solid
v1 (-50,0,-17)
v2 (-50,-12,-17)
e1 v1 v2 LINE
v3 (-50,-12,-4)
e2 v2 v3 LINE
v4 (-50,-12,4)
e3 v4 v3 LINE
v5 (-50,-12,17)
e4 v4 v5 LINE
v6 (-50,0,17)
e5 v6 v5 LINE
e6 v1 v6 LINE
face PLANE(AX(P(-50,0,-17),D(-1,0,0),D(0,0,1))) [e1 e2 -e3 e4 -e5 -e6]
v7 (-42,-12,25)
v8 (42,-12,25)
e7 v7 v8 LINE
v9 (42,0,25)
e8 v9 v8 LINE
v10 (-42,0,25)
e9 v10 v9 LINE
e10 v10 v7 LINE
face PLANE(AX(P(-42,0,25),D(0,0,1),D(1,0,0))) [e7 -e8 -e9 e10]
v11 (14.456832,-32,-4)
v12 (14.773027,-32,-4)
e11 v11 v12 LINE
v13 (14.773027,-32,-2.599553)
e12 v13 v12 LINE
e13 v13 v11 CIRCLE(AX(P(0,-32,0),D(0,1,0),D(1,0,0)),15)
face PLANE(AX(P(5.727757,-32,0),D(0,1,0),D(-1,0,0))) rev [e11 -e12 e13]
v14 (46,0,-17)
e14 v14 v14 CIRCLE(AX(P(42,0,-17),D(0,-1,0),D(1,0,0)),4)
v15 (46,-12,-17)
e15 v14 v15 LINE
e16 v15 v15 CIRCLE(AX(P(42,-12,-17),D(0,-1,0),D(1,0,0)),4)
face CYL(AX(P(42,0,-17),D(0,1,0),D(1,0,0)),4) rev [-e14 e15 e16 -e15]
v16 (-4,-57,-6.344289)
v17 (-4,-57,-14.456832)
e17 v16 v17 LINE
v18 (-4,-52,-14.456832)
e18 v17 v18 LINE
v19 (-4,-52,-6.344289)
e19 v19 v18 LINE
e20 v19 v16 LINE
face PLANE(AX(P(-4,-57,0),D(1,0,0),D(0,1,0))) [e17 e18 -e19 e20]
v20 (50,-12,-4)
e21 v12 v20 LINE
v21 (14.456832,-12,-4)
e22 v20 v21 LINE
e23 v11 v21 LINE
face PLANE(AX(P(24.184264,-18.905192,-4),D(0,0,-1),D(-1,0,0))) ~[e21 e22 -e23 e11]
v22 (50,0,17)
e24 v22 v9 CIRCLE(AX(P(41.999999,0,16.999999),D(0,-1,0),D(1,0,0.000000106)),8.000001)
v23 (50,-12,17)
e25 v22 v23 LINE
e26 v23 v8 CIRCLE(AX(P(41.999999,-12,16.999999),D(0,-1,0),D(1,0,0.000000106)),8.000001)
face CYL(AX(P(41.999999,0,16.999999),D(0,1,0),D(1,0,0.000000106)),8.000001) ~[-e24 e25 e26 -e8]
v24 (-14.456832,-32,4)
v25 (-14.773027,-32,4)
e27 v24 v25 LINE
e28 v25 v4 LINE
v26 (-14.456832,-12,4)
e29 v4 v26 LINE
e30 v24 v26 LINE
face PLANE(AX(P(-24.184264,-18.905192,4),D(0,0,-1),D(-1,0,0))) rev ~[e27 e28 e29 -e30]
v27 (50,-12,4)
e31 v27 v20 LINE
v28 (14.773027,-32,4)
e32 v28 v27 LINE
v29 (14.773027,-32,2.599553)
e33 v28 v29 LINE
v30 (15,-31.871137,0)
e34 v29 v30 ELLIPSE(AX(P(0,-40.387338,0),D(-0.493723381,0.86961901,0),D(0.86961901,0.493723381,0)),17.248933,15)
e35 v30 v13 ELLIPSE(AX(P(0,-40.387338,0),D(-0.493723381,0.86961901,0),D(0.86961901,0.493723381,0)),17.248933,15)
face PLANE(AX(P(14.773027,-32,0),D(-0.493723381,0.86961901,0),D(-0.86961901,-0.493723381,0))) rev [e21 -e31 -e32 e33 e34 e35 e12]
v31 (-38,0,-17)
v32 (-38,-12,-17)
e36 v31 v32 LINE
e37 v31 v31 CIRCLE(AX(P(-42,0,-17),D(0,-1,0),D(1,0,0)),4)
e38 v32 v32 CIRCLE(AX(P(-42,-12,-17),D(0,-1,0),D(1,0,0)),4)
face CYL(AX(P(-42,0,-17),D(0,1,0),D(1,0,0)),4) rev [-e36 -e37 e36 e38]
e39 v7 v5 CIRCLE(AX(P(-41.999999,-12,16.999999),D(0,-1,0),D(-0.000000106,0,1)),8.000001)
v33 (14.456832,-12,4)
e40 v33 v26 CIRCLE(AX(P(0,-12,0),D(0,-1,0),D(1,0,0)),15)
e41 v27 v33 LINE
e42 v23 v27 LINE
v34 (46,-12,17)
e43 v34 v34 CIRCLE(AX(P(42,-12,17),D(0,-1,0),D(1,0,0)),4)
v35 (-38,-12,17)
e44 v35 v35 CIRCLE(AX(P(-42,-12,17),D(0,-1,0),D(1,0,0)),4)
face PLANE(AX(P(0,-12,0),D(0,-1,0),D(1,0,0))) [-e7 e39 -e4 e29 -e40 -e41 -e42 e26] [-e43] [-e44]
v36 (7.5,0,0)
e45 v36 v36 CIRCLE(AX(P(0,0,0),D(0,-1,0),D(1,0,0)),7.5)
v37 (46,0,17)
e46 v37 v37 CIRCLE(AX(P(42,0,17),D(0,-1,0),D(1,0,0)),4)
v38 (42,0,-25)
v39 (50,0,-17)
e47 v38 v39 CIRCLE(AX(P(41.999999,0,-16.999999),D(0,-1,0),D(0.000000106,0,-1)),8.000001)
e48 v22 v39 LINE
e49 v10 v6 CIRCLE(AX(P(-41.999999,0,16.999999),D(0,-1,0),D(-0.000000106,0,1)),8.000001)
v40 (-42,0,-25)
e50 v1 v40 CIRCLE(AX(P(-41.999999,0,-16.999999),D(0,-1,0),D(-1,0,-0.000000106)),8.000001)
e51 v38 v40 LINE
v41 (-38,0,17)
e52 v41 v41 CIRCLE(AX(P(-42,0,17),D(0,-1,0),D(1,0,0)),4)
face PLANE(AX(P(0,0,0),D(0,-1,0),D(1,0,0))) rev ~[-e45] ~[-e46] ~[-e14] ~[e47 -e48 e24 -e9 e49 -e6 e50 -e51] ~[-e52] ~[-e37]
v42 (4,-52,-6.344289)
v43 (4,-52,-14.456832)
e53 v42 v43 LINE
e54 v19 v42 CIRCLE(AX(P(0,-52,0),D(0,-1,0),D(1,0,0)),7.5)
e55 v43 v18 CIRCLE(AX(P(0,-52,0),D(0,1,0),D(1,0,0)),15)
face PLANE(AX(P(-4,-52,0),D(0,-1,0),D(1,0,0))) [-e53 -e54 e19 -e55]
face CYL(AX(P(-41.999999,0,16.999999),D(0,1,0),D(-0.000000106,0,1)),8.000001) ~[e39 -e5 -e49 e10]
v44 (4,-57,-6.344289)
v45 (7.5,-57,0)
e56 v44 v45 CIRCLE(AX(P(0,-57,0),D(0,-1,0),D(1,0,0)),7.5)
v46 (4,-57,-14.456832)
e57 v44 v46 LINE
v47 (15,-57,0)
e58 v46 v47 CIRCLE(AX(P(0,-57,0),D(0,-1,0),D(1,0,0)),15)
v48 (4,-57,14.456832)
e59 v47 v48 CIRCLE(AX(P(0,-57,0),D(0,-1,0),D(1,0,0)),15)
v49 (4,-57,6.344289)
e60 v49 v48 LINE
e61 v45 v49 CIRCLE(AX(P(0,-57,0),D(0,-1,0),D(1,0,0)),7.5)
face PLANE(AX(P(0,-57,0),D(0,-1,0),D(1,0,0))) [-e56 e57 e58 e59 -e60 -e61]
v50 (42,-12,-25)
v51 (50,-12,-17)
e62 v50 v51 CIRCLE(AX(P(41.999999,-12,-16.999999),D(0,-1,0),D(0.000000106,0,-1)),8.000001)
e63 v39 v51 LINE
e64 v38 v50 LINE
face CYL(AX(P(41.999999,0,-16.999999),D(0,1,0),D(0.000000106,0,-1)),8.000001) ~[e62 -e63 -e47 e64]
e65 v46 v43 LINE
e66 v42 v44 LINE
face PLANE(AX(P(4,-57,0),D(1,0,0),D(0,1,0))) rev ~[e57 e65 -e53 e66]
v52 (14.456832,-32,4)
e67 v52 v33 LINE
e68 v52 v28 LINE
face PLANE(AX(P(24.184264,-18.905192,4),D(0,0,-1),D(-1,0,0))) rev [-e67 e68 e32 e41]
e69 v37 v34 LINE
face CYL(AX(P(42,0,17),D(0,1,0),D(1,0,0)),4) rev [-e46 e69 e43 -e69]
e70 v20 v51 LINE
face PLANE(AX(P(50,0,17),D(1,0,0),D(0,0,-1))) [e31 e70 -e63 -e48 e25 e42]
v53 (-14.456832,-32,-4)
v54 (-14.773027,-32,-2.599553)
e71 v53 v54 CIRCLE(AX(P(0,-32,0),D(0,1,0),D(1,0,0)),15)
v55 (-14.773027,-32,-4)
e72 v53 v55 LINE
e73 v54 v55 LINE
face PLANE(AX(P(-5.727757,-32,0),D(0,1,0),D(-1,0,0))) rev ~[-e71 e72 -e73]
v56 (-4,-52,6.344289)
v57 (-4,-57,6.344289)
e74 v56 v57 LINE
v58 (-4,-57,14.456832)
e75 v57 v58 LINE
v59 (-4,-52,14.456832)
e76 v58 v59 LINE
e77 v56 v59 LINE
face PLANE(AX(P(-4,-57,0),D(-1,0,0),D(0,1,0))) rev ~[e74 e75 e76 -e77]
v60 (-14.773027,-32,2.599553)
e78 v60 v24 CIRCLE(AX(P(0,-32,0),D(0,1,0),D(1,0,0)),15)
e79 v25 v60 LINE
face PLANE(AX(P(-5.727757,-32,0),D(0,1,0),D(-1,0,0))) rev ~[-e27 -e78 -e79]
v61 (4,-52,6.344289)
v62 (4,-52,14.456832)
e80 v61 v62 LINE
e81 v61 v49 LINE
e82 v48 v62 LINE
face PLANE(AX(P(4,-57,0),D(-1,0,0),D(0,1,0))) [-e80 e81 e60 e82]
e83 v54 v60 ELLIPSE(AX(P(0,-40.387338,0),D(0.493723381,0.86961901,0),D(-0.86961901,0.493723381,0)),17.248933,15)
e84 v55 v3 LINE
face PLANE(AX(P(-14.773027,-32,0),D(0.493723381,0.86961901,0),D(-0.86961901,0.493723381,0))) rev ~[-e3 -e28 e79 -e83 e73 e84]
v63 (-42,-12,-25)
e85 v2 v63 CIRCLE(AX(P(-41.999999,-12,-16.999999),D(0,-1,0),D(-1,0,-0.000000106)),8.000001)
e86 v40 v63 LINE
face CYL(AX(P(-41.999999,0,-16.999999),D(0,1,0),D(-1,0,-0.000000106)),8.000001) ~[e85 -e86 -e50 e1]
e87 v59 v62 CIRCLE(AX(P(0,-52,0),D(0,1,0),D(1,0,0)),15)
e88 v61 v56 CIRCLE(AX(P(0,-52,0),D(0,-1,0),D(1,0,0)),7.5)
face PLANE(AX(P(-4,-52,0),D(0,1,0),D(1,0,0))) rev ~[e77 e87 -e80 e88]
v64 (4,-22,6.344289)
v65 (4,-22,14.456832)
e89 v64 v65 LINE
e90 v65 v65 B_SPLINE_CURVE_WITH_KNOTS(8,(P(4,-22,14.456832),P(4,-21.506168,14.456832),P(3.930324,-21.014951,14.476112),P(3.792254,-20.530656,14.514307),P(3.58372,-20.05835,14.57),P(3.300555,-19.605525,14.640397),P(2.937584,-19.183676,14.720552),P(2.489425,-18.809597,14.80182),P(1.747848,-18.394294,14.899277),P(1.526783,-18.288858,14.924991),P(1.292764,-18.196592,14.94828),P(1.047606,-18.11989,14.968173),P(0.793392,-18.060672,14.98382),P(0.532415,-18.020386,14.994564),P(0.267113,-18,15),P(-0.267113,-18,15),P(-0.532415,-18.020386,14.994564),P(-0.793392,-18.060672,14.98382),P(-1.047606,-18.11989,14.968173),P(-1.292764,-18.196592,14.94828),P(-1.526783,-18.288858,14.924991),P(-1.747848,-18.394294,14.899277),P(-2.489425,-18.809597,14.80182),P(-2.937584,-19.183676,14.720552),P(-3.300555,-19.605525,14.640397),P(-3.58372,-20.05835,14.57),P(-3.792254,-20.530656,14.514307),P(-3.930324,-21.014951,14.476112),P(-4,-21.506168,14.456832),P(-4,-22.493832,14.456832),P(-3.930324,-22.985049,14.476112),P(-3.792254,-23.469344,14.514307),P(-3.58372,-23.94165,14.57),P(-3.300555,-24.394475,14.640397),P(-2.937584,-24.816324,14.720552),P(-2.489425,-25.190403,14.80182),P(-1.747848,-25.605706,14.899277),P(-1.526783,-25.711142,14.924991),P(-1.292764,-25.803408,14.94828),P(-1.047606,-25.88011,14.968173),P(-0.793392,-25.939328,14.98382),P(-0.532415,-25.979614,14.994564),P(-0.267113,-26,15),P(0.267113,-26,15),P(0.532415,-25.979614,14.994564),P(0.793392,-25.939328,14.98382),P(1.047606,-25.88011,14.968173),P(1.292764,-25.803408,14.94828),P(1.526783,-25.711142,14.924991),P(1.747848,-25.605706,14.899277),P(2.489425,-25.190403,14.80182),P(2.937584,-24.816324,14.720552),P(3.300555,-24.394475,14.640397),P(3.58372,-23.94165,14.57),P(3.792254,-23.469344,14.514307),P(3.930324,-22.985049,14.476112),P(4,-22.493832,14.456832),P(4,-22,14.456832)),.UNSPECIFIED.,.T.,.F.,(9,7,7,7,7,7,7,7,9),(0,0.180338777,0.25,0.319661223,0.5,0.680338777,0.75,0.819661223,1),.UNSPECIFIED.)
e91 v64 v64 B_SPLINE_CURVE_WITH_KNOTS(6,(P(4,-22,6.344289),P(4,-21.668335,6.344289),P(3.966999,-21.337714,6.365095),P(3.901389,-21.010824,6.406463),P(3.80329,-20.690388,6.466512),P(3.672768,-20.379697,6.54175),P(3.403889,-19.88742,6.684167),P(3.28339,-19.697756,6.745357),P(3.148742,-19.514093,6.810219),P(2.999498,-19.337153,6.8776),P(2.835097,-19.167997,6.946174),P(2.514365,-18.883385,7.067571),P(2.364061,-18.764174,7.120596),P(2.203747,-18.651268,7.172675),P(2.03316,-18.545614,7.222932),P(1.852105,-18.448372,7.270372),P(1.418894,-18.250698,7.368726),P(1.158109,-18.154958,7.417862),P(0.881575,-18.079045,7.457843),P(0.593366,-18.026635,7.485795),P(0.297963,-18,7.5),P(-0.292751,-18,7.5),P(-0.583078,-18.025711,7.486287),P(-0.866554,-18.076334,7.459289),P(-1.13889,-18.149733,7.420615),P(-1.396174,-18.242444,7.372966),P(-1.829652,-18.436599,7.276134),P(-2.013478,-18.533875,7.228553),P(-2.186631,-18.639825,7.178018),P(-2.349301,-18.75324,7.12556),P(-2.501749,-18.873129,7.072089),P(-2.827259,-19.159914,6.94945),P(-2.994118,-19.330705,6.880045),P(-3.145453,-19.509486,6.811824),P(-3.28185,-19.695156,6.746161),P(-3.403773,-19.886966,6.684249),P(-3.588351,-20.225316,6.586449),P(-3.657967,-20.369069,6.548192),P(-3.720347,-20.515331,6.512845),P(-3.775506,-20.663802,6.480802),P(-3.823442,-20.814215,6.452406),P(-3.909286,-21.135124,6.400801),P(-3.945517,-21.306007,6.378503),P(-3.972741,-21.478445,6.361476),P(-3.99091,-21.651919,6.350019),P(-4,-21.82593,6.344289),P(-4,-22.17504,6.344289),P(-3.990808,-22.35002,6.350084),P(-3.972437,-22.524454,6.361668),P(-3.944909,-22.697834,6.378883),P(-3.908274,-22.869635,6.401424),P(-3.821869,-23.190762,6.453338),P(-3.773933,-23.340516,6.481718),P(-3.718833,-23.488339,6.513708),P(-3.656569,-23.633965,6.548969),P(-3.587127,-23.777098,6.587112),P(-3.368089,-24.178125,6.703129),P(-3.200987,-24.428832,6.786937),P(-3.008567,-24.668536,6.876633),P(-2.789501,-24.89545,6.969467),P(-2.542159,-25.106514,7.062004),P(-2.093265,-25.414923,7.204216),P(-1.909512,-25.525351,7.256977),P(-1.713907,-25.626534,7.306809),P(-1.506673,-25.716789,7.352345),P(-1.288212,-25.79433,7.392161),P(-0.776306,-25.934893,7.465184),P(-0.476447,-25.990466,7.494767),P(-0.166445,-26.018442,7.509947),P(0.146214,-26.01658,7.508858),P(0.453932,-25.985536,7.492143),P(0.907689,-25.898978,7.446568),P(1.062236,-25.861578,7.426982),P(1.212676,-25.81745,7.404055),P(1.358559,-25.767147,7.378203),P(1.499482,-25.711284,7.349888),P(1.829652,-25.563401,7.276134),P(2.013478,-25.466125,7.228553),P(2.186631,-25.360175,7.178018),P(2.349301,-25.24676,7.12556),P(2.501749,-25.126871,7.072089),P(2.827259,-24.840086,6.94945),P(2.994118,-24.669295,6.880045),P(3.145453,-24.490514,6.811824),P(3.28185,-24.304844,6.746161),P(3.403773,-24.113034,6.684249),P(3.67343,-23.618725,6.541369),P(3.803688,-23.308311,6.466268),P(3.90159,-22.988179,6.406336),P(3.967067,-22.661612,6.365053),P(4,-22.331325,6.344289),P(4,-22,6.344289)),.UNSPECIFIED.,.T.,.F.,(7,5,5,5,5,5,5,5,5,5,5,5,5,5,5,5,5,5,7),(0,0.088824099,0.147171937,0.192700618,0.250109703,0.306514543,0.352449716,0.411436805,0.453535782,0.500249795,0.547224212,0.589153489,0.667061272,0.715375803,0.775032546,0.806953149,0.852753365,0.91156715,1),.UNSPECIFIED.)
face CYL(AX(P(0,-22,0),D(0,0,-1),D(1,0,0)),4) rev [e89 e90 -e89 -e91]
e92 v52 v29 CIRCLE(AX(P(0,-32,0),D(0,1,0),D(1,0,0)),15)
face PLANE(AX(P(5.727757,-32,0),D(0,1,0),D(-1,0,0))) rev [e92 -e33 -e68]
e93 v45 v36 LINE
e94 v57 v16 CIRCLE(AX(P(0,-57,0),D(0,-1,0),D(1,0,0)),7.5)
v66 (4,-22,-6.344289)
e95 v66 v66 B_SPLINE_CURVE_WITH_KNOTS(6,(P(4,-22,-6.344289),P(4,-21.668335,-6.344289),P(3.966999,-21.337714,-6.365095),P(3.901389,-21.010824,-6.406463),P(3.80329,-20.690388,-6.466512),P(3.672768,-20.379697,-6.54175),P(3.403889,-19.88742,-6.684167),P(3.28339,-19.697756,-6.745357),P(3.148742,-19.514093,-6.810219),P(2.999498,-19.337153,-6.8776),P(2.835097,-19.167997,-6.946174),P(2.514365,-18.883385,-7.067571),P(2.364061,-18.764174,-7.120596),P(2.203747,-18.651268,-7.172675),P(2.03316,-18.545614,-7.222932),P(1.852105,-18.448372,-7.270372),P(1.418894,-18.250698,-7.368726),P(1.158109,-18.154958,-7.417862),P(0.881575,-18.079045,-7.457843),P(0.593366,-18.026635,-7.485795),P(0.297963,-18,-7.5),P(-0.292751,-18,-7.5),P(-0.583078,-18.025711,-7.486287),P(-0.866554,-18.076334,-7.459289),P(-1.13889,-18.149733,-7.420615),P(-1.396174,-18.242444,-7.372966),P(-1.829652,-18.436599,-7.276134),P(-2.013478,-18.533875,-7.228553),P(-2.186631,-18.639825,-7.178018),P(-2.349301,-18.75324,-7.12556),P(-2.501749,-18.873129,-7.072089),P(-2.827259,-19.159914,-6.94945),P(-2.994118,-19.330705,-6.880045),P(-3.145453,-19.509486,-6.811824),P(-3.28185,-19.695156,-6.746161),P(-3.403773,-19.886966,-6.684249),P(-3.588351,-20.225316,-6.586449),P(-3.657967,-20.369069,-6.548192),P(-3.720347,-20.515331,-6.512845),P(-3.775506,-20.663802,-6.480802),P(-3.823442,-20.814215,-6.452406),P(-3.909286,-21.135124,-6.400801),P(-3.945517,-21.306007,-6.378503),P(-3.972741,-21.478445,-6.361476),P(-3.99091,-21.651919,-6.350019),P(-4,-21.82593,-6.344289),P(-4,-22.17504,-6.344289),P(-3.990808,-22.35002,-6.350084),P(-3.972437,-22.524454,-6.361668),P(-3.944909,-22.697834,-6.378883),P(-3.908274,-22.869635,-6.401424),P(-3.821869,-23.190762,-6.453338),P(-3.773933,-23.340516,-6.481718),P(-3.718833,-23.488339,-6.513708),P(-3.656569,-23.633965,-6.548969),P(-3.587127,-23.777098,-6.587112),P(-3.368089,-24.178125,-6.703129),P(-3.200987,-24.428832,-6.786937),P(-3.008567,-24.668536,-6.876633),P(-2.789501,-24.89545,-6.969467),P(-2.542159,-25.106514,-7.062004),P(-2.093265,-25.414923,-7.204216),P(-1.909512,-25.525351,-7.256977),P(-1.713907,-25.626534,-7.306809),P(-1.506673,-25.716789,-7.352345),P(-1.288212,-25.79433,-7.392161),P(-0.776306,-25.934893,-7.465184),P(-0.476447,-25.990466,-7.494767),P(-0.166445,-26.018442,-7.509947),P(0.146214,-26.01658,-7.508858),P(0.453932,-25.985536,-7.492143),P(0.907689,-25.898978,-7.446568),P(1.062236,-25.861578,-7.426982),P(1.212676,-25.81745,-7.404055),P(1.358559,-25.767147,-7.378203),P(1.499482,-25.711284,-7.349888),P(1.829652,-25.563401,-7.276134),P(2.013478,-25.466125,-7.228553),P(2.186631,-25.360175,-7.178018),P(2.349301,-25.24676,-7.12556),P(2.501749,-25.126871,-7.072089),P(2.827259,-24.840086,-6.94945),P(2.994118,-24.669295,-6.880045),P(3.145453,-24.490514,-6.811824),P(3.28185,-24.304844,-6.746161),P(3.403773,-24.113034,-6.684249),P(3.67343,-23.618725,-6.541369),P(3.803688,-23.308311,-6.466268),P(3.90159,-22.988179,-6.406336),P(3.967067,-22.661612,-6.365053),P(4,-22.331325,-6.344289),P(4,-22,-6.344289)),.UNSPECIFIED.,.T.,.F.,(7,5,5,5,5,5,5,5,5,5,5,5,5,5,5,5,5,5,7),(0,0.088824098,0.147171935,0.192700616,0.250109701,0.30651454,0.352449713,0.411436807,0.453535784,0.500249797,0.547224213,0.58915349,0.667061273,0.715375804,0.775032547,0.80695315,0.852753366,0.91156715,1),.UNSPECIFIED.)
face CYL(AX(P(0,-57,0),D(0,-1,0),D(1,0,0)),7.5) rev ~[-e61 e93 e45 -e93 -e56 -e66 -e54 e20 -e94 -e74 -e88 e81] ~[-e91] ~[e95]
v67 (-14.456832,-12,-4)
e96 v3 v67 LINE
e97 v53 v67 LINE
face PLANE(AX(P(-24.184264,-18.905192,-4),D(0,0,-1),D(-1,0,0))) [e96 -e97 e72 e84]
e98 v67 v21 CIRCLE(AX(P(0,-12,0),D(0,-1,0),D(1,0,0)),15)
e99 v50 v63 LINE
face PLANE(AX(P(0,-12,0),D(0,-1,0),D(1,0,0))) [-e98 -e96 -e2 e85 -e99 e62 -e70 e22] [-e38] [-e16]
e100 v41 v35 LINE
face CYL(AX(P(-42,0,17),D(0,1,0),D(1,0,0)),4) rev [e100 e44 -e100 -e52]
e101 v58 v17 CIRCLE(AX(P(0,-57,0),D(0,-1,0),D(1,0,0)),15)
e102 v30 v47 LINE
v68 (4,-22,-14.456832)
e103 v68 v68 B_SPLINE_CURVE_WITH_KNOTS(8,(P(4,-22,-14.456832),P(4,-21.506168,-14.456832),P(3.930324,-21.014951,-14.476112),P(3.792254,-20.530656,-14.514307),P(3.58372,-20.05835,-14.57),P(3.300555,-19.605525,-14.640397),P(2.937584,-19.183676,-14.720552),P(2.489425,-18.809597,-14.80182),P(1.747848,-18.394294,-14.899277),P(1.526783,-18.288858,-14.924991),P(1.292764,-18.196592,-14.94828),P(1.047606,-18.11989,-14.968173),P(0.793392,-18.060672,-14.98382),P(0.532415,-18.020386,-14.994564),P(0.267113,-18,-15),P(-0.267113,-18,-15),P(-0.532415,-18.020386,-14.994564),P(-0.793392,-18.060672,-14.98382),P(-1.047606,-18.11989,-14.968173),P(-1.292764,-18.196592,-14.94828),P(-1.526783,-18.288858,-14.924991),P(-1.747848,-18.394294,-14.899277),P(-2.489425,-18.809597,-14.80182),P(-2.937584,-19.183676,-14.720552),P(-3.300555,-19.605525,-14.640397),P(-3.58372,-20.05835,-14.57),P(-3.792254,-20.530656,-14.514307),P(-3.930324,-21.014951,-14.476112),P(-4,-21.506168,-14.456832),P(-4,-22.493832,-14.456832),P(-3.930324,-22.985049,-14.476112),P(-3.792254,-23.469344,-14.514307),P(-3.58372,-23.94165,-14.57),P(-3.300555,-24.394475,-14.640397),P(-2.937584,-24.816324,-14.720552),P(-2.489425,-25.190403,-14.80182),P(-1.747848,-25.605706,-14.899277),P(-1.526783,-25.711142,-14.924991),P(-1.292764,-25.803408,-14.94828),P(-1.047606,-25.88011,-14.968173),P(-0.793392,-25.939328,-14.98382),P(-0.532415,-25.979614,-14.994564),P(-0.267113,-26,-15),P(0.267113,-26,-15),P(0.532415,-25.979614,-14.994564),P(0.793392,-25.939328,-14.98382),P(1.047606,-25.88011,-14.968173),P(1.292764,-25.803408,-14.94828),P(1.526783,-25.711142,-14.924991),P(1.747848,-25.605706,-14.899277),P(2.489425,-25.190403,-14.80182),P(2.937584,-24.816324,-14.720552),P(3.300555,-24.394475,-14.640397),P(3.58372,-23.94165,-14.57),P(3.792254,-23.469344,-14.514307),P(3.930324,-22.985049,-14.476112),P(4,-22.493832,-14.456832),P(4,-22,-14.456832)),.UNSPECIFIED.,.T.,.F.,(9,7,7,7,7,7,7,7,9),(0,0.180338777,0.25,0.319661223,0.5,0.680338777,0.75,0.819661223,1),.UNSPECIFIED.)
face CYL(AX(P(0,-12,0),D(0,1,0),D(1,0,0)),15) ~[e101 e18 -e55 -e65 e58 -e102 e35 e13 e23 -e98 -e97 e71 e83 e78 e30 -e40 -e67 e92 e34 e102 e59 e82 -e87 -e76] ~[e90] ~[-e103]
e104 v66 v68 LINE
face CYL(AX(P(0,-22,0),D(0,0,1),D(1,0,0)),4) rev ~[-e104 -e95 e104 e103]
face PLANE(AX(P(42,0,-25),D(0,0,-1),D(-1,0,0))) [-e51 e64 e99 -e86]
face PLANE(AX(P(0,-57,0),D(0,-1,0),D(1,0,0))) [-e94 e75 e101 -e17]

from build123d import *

# Parameters (mm, degrees)
SKETCH_R             = 4
PAD_DEPTH            = 12
SKETCH001_R          = 15
PAD001_DEPTH         = 45
PAD002_DEPTH         = 4
SKETCH003_R          = 7.5
POCKET_DEPTH         = 57.001
SKETCH004_R          = 4
SKETCH004_W          = 8
SKETCH004_H          = 5
POCKET001_DEPTH      = 25.001
POCKET001_DEPTH_BACK = -25.001


with BuildPart() as part:
    # Sketch → Pad (new body)
    with BuildSketch(Plane.XZ):
        with BuildLine():
            ThreePointArc((-42, 25), (-47.656854, 22.656854), (-50, 17))
            Line((-50, -17), (-50, 17))
            ThreePointArc((-50, -17), (-47.656854, -22.656854), (-42, -25))
            Line((42, -25), (-42, -25))
            ThreePointArc((42, -25), (47.656854, -22.656854), (50, -17))
            Line((50, 17), (50, -17))
            ThreePointArc((50, 17), (47.656854, 22.656854), (42, 25))
            Line((-42, 25), (42, 25))
        make_face()
        with Locations((-42, 17)):
            Circle(SKETCH_R, mode=Mode.SUBTRACT)
        with Locations((-42, -17)):
            Circle(SKETCH_R, mode=Mode.SUBTRACT)
        with Locations((42, 17)):
            Circle(SKETCH_R, mode=Mode.SUBTRACT)
        with Locations((42, -17)):
            Circle(SKETCH_R, mode=Mode.SUBTRACT)
    extrude(amount=PAD_DEPTH)

    # Sketch001 (on Face14 of Pad) → Pad001 (join)
    with BuildSketch(Plane.XZ.offset(12)):
        Circle(SKETCH001_R)
    extrude(amount=PAD001_DEPTH)

    # Sketch002 → Pad002 (join, symmetric)
    with BuildSketch(Plane.XY):
        Polygon((-5.727757, -32), (-14.773027, -32), (-50, -12), (-5.727757, -12), align=None)
    pad002 = extrude(amount=PAD002_DEPTH, both=True)

    # Mirrored: Pad002 across Sketch002 V_Axis
    add(pad002.mirror(Plane(origin=(0, 0, 0), x_dir=(0, 0, 1), z_dir=(1, 0, 0))))

    # Sketch003 (on Face26 of Mirrored) → Pocket (cut, through all)
    with BuildSketch(Plane.XZ.offset(57)):
        Circle(SKETCH003_R)
    extrude(amount=-POCKET_DEPTH, mode=Mode.SUBTRACT)

    # Sketch004 → Pocket001 (cut, two sides)
    with BuildSketch(Plane.XY) as pocket001_sk:
        with Locations((0, -22)):
            Circle(SKETCH004_R)
        with Locations((0, -54.5)):
            Rectangle(SKETCH004_W, SKETCH004_H)
    extrude(amount=-POCKET001_DEPTH, mode=Mode.SUBTRACT)
    extrude(pocket001_sk.sketch, amount=-POCKET001_DEPTH_BACK, mode=Mode.SUBTRACT)


solid = part.part
